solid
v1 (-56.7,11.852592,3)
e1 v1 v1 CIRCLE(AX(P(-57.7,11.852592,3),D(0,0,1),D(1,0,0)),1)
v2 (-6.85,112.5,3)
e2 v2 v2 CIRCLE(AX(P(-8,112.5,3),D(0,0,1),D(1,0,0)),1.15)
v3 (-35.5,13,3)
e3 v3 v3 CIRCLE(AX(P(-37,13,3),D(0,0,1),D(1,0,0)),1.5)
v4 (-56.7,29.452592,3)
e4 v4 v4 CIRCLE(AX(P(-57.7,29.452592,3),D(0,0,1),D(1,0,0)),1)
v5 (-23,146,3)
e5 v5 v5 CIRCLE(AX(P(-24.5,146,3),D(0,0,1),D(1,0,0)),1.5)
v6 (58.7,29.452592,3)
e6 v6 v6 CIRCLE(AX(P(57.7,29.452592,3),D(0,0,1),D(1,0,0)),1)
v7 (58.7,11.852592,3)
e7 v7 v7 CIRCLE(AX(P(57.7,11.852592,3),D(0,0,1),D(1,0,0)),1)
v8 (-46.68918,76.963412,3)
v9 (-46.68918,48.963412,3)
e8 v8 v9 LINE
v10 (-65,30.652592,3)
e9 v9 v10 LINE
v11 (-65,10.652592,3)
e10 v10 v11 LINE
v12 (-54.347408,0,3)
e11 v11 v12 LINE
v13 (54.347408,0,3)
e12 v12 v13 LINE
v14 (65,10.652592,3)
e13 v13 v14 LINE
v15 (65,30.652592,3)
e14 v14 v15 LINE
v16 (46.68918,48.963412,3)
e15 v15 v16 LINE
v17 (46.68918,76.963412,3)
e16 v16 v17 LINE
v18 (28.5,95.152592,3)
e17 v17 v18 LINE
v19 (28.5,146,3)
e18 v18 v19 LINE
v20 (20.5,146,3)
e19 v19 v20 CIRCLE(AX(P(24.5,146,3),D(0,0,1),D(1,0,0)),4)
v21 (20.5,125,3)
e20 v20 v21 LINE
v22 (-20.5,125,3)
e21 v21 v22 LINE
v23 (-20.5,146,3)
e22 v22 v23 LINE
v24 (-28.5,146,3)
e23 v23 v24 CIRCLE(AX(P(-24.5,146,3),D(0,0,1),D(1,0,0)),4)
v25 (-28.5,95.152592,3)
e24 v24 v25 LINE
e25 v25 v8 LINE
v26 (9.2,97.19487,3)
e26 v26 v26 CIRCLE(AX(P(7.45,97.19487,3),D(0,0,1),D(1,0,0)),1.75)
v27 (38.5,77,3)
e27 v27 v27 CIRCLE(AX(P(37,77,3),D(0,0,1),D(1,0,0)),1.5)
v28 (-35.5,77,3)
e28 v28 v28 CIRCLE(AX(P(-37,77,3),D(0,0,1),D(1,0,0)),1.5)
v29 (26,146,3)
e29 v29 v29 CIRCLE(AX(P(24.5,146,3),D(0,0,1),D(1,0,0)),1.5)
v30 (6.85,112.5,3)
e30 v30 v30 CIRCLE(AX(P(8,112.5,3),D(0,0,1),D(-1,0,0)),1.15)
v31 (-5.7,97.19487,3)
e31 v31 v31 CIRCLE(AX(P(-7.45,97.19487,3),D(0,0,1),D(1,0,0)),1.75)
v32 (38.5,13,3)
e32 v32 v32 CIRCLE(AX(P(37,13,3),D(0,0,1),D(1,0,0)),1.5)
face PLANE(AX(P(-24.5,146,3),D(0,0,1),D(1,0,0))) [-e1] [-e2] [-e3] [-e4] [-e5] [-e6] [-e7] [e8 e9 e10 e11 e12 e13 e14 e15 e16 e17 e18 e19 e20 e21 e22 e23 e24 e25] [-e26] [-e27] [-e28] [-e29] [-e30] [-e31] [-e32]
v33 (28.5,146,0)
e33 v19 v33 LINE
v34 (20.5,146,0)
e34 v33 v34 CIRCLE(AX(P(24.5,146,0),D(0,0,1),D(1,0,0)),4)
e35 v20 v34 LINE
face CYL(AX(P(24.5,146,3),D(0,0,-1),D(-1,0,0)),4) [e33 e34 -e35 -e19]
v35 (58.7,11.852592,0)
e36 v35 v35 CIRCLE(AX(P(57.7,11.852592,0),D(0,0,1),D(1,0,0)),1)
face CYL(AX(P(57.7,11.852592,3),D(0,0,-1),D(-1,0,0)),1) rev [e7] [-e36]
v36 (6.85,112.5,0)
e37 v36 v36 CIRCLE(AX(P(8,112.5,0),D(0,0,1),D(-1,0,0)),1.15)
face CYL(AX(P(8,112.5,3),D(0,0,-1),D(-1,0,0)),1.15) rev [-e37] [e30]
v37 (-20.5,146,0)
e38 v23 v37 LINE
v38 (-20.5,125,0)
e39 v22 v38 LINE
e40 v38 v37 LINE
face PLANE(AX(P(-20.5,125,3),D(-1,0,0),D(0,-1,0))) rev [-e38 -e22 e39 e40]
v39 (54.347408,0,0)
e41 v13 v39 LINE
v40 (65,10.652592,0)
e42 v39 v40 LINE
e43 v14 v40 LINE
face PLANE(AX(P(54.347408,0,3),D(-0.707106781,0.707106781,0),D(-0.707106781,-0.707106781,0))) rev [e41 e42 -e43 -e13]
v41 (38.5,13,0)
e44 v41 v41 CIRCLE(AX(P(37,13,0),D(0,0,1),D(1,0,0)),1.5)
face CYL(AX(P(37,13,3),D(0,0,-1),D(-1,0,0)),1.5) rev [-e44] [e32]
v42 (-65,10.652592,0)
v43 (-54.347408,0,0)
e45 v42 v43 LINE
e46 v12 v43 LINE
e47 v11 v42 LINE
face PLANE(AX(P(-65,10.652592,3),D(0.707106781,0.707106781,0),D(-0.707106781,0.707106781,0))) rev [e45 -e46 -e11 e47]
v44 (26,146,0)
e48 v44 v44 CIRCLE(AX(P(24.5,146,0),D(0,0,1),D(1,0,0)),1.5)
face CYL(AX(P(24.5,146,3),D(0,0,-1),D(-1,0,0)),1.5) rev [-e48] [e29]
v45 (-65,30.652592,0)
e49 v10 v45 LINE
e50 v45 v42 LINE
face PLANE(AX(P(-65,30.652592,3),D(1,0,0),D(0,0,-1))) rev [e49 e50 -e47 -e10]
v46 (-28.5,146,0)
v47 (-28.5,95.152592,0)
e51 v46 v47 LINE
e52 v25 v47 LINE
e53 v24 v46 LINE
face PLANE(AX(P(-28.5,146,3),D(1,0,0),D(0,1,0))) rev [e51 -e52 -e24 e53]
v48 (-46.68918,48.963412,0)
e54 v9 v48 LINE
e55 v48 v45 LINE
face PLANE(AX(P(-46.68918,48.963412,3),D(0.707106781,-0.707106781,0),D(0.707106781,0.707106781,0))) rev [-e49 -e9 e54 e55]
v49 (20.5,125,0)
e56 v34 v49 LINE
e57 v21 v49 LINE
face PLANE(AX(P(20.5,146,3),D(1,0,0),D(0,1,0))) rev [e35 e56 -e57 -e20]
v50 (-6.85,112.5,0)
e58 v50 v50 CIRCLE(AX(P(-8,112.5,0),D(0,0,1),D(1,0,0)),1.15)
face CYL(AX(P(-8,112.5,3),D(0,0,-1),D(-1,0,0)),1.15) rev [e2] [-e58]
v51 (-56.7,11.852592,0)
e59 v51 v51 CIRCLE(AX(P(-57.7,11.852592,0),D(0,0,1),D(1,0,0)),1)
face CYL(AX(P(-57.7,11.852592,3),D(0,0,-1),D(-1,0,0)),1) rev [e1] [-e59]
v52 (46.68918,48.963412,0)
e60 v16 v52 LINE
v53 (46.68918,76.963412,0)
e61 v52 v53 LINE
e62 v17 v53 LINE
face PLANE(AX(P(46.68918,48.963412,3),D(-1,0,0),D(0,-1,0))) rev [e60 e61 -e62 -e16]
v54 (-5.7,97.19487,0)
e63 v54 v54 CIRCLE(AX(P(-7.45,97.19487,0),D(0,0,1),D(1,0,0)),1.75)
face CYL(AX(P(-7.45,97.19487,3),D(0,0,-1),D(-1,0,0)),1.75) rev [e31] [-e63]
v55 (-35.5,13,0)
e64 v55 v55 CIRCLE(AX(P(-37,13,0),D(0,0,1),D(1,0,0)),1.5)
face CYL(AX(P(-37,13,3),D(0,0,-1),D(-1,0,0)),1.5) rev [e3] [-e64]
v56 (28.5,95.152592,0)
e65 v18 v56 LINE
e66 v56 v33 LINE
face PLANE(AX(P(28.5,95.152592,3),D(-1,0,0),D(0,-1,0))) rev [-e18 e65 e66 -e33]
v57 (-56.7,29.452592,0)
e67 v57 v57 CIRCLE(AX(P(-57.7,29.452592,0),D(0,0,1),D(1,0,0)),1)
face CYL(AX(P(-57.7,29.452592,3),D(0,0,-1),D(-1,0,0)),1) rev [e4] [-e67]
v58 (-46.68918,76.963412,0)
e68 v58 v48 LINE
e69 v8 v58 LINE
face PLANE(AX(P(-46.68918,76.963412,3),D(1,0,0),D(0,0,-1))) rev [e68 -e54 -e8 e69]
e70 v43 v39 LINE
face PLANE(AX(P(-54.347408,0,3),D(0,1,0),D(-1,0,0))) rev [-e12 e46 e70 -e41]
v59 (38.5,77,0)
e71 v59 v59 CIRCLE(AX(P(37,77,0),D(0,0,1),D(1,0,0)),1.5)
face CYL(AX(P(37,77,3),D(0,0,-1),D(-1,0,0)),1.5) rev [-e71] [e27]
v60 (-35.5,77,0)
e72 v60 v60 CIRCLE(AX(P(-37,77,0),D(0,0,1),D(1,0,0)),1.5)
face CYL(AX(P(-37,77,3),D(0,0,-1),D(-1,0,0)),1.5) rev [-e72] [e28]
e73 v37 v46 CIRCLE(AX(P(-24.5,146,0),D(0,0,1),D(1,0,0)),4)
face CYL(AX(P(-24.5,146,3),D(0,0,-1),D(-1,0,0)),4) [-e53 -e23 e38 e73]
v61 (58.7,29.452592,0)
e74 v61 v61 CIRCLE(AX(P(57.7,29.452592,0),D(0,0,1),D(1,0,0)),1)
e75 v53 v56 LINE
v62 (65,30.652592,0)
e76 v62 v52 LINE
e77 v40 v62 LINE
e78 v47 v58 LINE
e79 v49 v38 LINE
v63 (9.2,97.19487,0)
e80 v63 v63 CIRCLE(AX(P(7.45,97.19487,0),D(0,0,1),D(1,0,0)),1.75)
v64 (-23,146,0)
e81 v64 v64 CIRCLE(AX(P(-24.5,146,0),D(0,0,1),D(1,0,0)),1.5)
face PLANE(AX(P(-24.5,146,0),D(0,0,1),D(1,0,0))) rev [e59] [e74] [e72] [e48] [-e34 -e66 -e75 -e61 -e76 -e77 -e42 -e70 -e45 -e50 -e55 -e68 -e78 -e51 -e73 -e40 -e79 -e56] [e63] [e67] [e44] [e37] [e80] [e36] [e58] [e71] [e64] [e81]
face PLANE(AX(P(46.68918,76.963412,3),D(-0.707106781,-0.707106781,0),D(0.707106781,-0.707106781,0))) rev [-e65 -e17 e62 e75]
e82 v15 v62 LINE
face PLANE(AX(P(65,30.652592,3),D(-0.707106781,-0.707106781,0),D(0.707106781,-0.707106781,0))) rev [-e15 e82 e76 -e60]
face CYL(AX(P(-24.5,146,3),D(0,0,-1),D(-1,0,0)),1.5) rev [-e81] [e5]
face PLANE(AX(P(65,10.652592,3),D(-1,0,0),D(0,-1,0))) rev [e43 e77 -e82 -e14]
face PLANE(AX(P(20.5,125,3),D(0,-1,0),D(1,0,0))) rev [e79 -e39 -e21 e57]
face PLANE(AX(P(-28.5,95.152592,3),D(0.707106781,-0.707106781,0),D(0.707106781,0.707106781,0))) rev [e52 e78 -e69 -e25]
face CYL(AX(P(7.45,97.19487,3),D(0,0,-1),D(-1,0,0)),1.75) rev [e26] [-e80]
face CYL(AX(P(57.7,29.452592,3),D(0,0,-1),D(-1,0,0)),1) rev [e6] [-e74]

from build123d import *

# Parameters (mm, degrees)
MODEL_R         = 1.75
MODEL_R_2       = 1.15
MODEL_R_3       = 1.5
MODEL_R_4       = 1
EXTRUDE_1_DEPTH = 3


with BuildPart() as part:
    # Model → 凸台-拉伸1 (new body)
    with BuildSketch(Plane.XY):
        with BuildLine():
            Line((-46.68918008, 48.963412214), (-65, 30.652592295))
            Line((-65, 30.652592295), (-65, 10.652592295))
            Line((-65, 10.652592295), (-54.347407705, 0))
            Line((-54.347407705, 0), (54.347407705, 0))
            Line((54.347407705, 0), (65, 10.652592295))
            Line((65, 10.652592295), (65, 30.652592295))
            Line((65, 30.652592295), (46.68918008, 48.963412214))
            Line((46.68918008, 48.963412214), (46.68918008, 76.963412214))
            Line((46.68918008, 76.963412214), (28.5, 95.152592295))
            Line((28.5, 95.152592295), (28.5, 146))
            ThreePointArc((28.5, 146), (24.5, 150), (20.5, 146))
            Line((20.5, 146), (20.5, 125))
            Line((20.5, 125), (-20.5, 125))
            Line((-20.5, 125), (-20.5, 146))
            ThreePointArc((-20.5, 146), (-24.5, 150), (-28.5, 146))
            Line((-28.5, 146), (-28.5, 95.152592295))
            Line((-28.5, 95.152592295), (-46.68918008, 76.963412214))
            Line((-46.68918008, 76.963412214), (-46.68918008, 48.963412214))
        make_face()
        with Locations((7.45, 97.194870059)):
            Circle(MODEL_R, mode=Mode.SUBTRACT)
        with Locations(Location((8, 112.5, 0), (0, 0, 180))):
            Circle(MODEL_R_2, mode=Mode.SUBTRACT)
        with Locations((-24.5, 146)):
            Circle(MODEL_R_3, mode=Mode.SUBTRACT)
        with Locations((37, 13)):
            Circle(MODEL_R_3, mode=Mode.SUBTRACT)
        with Locations((37, 77)):
            Circle(MODEL_R_3, mode=Mode.SUBTRACT)
        with Locations((57.7, 11.852592295)):
            Circle(MODEL_R_4, mode=Mode.SUBTRACT)
        with Locations((-57.7, 11.852592295)):
            Circle(MODEL_R_4, mode=Mode.SUBTRACT)
        with Locations((-57.7, 29.452592295)):
            Circle(MODEL_R_4, mode=Mode.SUBTRACT)
        with Locations((57.7, 29.452592295)):
            Circle(MODEL_R_4, mode=Mode.SUBTRACT)
        with Locations((-37, 77)):
            Circle(MODEL_R_3, mode=Mode.SUBTRACT)
        with Locations((-37, 13)):
            Circle(MODEL_R_3, mode=Mode.SUBTRACT)
        with Locations((24.5, 146)):
            Circle(MODEL_R_3, mode=Mode.SUBTRACT)
        with Locations((-8, 112.5)):
            Circle(MODEL_R_2, mode=Mode.SUBTRACT)
        with Locations((-7.45, 97.194870059)):
            Circle(MODEL_R, mode=Mode.SUBTRACT)
    extrude(amount=EXTRUDE_1_DEPTH)


solid = part.part
